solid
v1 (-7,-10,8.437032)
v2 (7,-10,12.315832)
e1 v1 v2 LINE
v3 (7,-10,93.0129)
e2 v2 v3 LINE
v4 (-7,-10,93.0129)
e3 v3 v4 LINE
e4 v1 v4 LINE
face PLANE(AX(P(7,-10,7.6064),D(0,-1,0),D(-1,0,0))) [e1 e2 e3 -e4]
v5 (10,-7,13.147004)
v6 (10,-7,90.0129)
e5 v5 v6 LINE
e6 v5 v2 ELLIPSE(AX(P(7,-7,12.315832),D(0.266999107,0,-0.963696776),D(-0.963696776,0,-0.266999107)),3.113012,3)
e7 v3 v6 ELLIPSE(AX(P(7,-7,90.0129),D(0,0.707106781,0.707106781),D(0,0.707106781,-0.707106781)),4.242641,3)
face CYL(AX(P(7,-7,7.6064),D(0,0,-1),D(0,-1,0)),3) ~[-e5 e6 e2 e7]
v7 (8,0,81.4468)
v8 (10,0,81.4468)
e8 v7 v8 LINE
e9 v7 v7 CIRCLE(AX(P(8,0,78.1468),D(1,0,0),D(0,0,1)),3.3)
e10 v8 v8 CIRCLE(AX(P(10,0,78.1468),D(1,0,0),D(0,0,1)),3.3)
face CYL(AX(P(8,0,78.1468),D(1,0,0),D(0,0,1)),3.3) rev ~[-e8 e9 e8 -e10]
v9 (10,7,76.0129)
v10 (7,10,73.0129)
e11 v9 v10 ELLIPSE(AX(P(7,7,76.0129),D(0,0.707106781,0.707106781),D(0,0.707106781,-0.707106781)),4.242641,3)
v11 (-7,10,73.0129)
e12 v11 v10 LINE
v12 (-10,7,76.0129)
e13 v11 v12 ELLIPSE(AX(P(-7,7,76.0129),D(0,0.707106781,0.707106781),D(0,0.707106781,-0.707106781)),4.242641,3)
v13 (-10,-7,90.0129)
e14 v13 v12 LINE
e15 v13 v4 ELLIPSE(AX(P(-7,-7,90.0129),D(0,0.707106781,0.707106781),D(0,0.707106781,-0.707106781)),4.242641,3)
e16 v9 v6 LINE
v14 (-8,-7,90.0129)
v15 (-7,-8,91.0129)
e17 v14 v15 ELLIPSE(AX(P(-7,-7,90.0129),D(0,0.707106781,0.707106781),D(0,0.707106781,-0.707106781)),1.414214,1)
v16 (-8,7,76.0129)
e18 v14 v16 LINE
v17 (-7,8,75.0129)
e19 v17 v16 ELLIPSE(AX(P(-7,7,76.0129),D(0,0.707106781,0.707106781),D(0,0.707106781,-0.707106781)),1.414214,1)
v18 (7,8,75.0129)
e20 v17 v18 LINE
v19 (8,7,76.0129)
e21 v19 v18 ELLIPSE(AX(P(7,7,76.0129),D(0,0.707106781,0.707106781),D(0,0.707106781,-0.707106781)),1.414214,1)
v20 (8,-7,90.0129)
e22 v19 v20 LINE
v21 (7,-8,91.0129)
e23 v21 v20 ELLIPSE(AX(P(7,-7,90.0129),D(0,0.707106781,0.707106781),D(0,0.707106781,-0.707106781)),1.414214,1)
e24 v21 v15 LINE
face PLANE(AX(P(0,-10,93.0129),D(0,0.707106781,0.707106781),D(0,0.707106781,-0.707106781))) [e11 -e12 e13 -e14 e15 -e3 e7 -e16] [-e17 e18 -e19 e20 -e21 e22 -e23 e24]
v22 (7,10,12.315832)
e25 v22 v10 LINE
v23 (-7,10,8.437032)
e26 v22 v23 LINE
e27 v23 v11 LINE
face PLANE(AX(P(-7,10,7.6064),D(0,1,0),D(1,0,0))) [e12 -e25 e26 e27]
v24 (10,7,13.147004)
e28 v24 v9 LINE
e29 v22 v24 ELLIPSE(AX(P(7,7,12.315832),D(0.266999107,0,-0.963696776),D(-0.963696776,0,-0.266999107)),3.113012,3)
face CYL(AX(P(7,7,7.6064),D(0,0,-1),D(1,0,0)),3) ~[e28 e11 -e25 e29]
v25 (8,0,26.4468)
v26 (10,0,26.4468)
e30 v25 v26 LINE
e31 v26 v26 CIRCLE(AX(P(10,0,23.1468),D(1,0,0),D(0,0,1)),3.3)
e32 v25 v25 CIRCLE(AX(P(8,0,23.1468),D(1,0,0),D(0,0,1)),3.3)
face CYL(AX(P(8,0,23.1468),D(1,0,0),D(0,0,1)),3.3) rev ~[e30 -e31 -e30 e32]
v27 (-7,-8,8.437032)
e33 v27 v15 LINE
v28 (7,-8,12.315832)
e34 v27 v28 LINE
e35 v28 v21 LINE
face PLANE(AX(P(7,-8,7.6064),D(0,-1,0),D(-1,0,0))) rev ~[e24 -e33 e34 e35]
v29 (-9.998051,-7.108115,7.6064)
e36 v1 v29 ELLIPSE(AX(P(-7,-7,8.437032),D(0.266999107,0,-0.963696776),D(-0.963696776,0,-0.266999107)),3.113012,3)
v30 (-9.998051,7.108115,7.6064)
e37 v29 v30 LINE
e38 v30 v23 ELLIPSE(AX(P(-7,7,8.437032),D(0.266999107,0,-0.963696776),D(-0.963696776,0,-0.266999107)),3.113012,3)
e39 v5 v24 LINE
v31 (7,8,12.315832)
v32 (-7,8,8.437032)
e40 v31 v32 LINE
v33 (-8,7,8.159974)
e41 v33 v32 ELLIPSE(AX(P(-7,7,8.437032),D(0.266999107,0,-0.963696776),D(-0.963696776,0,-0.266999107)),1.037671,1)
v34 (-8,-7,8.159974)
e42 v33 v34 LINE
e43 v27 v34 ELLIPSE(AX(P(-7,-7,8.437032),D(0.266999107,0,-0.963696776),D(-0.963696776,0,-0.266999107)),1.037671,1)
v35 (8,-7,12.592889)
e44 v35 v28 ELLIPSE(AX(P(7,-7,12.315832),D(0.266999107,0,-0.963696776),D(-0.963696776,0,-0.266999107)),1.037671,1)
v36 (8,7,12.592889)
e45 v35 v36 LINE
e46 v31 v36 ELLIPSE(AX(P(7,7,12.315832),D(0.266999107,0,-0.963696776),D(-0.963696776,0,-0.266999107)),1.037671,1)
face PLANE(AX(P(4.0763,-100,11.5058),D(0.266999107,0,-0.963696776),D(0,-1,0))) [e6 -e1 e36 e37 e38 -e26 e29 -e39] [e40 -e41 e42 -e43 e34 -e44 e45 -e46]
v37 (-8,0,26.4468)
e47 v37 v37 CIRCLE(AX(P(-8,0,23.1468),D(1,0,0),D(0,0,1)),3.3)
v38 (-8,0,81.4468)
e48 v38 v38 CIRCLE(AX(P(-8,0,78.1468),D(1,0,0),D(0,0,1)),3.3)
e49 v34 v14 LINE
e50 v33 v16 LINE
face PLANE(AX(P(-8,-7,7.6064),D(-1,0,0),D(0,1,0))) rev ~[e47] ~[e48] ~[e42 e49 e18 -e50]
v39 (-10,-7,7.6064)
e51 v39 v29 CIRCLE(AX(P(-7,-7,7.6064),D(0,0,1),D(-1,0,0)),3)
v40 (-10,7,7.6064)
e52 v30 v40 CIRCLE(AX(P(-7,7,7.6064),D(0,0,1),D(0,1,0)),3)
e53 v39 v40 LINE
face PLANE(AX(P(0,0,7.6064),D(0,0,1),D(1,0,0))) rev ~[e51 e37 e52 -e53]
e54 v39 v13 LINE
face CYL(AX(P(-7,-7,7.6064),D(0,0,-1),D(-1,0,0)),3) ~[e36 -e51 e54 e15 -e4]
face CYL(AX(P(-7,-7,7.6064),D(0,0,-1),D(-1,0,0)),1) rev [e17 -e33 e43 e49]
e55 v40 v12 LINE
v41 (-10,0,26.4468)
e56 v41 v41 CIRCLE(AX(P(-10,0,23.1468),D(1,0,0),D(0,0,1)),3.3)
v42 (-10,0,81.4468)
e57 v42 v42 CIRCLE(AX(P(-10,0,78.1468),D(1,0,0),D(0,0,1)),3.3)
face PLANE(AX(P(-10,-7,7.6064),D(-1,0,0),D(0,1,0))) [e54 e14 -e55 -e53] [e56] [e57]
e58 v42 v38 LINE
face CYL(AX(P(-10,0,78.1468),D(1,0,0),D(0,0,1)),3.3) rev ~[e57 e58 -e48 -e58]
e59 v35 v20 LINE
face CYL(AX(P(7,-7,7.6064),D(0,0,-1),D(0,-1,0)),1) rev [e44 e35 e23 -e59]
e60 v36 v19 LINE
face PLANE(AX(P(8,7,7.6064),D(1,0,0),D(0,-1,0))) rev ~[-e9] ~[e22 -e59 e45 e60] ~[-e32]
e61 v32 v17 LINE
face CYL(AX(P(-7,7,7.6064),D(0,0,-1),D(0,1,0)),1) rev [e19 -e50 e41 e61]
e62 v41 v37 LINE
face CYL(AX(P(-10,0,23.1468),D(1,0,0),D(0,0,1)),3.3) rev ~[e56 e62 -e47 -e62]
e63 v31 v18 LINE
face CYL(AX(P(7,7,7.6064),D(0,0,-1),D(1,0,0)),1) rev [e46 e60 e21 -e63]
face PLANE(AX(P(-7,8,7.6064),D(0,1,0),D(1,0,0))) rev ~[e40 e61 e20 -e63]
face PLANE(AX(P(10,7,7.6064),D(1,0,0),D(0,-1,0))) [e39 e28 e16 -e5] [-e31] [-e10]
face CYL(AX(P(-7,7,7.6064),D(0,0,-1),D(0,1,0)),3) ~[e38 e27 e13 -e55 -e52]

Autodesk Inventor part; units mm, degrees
ref_plane "Start Plane" through (0, 0, 7.6064) normal (0, 0, 1) x (1, 0, 0)
ref_plane "End Plane" through (0, 0, 93.0129) normal (0, 0, 1) x (1, 0, 0)
sketch "Sketch" plane through (0, 0, 0) normal (0, 0, 1) x (1, 0, 0)
  line L0 (-10, -7) -> (-10, 7)
  line L1 (-7, 10) -> (7, 10)
  line L2 (10, 7) -> (10, -7)
  line L3 (7, -10) -> (-7, -10)
  arc A0 (-10, -7) -> (-7, -10) centre (-7, -7) ccw
  arc A1 (-7, 10) -> (-10, 7) centre (-7, 7) ccw
  arc A2 (10, 7) -> (7, 10) centre (7, 7) ccw
  arc A3 (7, -10) -> (10, -7) centre (7, -7) ccw
  arc A4 (-7, 8) -> (-8, 7) centre (-7, 7) ccw
  line L4 (-7, 8) -> (7, 8)
  arc A5 (8, 7) -> (7, 8) centre (7, 7) ccw
  line L5 (8, 7) -> (8, -7)
  arc A6 (7, -8) -> (8, -7) centre (7, -7) ccw
  line L6 (7, -8) -> (-7, -8)
  arc A7 (-8, -7) -> (-7, -8) centre (-7, -7) ccw
  line L7 (-8, -7) -> (-8, 7)
  line L8 (0, 14.8698) -> (0, -14.8698) construction
  line L9 (-14.8698, 0) -> (14.8698, 0) construction
  dimension "d7" = 3
  dimension "d10" = 20
  dimension "d11" = 20
  dimension "d12" = 2
  dimension "d15" = 10
  dimension "d16" = 10
extrude "Body" add sketch "Sketch" along normal up to surface (85.4065 mm away) from surface at 7.6064
sketch "Sketch3" plane through (0, 0, 0) normal (0, 0, 1) x (1, 0, 0)
  line L0 (0, 0) -> (10, 0)
ref_plane "Work Plane3" through (0, 0, 0) normal (0, -1, 0) x (1, 0, 0)
sketch "Sketch4" plane through (0, 0, 0) normal (0, -1, 0) x (1, 0, 0)
  line L0 (-2, 7.6064) -> (12, 7.6064)
  line L1 (-2, 93.0129) -> (12, 93.0129)
  dimension "d18" = 85.4065
ref_plane "Work Plane4" through (4.0763, -100, 11.5058) normal (0.267, 0, -0.9637) x (-0.9637, 0, -0.267)
split "Split1" plane through (4.0763, -100, 11.5058) removes the side toward (0.267, 0, -0.9637)
ref_plane "Work Plane6" through (0, -10, 93.0129) normal (0, 0.7071, 0.7071) x (1, 0, 0)
split "Split3" plane through (0, -10, 93.0129) removes the side toward (0, 0.7071, 0.7071)
sketch "Sketch7" plane through (8, -7, 12.5928) normal (-1, 0, 0) x (0, 0, 1)
  point P0 (10.554, 7)
hole "Hole3" at (8, 0, 23.1468) direction (1, 0, 0) diameter 6.6 depth 2
sketch "Sketch8" plane through (8, -7, 12.5928) normal (-1, 0, 0) x (0, 0, 1)
  point P0 (65.554, 7)
hole "Hole4" at (8, 0, 78.1468) direction (1, 0, 0) diameter 6.6 depth 2
sketch "Sketch9" plane through (-10, -7, 7.6064) normal (-1, 0, 0) x (0, 0, 1)
  point P0 (15.5404, 7)
hole "Hole5" at (-10, 0, 23.1468) direction (1, 0, 0) diameter 6.6 end through all
sketch "Sketch11" plane through (-10, -7, 7.6064) normal (-1, 0, 0) x (0, 0, 1)
  point P0 (70.5404, 7)
hole "Hole7" at (-10, 0, 78.1468) direction (1, 0, 0) diameter 6.6 end through all
equation "\"d7\" = G_IR"
equation "\"d10\" = G_H"
equation "\"d11\" = G_W"
equation "\"d12\" = G_T"
equation "\"d15\" = 0.5 * d10"
equation "\"d16\" = 0.5 * d11"
equation "\"d3\" = G_L"
equation "\"G_W\" = 20"
equation "\"G_H\" = 20"
equation "\"G_T\" = 2"
equation "\"G_IR\" = 3"
equation "\"G_L\" = d18"
equation "\"G_OFFSET_START\" = -7.60639"
equation "\"d13\" = -G_OFFSET_START"
equation "\"d14\" = G_OFFSET_END + B_L"
equation "\"B_L\" = 83.01292"
equation "\"G_OFFSET_END\" = 10"
properties part number "ISO 12633-2 - 20x20x2 - 85,41" material "Steel, Mild"
